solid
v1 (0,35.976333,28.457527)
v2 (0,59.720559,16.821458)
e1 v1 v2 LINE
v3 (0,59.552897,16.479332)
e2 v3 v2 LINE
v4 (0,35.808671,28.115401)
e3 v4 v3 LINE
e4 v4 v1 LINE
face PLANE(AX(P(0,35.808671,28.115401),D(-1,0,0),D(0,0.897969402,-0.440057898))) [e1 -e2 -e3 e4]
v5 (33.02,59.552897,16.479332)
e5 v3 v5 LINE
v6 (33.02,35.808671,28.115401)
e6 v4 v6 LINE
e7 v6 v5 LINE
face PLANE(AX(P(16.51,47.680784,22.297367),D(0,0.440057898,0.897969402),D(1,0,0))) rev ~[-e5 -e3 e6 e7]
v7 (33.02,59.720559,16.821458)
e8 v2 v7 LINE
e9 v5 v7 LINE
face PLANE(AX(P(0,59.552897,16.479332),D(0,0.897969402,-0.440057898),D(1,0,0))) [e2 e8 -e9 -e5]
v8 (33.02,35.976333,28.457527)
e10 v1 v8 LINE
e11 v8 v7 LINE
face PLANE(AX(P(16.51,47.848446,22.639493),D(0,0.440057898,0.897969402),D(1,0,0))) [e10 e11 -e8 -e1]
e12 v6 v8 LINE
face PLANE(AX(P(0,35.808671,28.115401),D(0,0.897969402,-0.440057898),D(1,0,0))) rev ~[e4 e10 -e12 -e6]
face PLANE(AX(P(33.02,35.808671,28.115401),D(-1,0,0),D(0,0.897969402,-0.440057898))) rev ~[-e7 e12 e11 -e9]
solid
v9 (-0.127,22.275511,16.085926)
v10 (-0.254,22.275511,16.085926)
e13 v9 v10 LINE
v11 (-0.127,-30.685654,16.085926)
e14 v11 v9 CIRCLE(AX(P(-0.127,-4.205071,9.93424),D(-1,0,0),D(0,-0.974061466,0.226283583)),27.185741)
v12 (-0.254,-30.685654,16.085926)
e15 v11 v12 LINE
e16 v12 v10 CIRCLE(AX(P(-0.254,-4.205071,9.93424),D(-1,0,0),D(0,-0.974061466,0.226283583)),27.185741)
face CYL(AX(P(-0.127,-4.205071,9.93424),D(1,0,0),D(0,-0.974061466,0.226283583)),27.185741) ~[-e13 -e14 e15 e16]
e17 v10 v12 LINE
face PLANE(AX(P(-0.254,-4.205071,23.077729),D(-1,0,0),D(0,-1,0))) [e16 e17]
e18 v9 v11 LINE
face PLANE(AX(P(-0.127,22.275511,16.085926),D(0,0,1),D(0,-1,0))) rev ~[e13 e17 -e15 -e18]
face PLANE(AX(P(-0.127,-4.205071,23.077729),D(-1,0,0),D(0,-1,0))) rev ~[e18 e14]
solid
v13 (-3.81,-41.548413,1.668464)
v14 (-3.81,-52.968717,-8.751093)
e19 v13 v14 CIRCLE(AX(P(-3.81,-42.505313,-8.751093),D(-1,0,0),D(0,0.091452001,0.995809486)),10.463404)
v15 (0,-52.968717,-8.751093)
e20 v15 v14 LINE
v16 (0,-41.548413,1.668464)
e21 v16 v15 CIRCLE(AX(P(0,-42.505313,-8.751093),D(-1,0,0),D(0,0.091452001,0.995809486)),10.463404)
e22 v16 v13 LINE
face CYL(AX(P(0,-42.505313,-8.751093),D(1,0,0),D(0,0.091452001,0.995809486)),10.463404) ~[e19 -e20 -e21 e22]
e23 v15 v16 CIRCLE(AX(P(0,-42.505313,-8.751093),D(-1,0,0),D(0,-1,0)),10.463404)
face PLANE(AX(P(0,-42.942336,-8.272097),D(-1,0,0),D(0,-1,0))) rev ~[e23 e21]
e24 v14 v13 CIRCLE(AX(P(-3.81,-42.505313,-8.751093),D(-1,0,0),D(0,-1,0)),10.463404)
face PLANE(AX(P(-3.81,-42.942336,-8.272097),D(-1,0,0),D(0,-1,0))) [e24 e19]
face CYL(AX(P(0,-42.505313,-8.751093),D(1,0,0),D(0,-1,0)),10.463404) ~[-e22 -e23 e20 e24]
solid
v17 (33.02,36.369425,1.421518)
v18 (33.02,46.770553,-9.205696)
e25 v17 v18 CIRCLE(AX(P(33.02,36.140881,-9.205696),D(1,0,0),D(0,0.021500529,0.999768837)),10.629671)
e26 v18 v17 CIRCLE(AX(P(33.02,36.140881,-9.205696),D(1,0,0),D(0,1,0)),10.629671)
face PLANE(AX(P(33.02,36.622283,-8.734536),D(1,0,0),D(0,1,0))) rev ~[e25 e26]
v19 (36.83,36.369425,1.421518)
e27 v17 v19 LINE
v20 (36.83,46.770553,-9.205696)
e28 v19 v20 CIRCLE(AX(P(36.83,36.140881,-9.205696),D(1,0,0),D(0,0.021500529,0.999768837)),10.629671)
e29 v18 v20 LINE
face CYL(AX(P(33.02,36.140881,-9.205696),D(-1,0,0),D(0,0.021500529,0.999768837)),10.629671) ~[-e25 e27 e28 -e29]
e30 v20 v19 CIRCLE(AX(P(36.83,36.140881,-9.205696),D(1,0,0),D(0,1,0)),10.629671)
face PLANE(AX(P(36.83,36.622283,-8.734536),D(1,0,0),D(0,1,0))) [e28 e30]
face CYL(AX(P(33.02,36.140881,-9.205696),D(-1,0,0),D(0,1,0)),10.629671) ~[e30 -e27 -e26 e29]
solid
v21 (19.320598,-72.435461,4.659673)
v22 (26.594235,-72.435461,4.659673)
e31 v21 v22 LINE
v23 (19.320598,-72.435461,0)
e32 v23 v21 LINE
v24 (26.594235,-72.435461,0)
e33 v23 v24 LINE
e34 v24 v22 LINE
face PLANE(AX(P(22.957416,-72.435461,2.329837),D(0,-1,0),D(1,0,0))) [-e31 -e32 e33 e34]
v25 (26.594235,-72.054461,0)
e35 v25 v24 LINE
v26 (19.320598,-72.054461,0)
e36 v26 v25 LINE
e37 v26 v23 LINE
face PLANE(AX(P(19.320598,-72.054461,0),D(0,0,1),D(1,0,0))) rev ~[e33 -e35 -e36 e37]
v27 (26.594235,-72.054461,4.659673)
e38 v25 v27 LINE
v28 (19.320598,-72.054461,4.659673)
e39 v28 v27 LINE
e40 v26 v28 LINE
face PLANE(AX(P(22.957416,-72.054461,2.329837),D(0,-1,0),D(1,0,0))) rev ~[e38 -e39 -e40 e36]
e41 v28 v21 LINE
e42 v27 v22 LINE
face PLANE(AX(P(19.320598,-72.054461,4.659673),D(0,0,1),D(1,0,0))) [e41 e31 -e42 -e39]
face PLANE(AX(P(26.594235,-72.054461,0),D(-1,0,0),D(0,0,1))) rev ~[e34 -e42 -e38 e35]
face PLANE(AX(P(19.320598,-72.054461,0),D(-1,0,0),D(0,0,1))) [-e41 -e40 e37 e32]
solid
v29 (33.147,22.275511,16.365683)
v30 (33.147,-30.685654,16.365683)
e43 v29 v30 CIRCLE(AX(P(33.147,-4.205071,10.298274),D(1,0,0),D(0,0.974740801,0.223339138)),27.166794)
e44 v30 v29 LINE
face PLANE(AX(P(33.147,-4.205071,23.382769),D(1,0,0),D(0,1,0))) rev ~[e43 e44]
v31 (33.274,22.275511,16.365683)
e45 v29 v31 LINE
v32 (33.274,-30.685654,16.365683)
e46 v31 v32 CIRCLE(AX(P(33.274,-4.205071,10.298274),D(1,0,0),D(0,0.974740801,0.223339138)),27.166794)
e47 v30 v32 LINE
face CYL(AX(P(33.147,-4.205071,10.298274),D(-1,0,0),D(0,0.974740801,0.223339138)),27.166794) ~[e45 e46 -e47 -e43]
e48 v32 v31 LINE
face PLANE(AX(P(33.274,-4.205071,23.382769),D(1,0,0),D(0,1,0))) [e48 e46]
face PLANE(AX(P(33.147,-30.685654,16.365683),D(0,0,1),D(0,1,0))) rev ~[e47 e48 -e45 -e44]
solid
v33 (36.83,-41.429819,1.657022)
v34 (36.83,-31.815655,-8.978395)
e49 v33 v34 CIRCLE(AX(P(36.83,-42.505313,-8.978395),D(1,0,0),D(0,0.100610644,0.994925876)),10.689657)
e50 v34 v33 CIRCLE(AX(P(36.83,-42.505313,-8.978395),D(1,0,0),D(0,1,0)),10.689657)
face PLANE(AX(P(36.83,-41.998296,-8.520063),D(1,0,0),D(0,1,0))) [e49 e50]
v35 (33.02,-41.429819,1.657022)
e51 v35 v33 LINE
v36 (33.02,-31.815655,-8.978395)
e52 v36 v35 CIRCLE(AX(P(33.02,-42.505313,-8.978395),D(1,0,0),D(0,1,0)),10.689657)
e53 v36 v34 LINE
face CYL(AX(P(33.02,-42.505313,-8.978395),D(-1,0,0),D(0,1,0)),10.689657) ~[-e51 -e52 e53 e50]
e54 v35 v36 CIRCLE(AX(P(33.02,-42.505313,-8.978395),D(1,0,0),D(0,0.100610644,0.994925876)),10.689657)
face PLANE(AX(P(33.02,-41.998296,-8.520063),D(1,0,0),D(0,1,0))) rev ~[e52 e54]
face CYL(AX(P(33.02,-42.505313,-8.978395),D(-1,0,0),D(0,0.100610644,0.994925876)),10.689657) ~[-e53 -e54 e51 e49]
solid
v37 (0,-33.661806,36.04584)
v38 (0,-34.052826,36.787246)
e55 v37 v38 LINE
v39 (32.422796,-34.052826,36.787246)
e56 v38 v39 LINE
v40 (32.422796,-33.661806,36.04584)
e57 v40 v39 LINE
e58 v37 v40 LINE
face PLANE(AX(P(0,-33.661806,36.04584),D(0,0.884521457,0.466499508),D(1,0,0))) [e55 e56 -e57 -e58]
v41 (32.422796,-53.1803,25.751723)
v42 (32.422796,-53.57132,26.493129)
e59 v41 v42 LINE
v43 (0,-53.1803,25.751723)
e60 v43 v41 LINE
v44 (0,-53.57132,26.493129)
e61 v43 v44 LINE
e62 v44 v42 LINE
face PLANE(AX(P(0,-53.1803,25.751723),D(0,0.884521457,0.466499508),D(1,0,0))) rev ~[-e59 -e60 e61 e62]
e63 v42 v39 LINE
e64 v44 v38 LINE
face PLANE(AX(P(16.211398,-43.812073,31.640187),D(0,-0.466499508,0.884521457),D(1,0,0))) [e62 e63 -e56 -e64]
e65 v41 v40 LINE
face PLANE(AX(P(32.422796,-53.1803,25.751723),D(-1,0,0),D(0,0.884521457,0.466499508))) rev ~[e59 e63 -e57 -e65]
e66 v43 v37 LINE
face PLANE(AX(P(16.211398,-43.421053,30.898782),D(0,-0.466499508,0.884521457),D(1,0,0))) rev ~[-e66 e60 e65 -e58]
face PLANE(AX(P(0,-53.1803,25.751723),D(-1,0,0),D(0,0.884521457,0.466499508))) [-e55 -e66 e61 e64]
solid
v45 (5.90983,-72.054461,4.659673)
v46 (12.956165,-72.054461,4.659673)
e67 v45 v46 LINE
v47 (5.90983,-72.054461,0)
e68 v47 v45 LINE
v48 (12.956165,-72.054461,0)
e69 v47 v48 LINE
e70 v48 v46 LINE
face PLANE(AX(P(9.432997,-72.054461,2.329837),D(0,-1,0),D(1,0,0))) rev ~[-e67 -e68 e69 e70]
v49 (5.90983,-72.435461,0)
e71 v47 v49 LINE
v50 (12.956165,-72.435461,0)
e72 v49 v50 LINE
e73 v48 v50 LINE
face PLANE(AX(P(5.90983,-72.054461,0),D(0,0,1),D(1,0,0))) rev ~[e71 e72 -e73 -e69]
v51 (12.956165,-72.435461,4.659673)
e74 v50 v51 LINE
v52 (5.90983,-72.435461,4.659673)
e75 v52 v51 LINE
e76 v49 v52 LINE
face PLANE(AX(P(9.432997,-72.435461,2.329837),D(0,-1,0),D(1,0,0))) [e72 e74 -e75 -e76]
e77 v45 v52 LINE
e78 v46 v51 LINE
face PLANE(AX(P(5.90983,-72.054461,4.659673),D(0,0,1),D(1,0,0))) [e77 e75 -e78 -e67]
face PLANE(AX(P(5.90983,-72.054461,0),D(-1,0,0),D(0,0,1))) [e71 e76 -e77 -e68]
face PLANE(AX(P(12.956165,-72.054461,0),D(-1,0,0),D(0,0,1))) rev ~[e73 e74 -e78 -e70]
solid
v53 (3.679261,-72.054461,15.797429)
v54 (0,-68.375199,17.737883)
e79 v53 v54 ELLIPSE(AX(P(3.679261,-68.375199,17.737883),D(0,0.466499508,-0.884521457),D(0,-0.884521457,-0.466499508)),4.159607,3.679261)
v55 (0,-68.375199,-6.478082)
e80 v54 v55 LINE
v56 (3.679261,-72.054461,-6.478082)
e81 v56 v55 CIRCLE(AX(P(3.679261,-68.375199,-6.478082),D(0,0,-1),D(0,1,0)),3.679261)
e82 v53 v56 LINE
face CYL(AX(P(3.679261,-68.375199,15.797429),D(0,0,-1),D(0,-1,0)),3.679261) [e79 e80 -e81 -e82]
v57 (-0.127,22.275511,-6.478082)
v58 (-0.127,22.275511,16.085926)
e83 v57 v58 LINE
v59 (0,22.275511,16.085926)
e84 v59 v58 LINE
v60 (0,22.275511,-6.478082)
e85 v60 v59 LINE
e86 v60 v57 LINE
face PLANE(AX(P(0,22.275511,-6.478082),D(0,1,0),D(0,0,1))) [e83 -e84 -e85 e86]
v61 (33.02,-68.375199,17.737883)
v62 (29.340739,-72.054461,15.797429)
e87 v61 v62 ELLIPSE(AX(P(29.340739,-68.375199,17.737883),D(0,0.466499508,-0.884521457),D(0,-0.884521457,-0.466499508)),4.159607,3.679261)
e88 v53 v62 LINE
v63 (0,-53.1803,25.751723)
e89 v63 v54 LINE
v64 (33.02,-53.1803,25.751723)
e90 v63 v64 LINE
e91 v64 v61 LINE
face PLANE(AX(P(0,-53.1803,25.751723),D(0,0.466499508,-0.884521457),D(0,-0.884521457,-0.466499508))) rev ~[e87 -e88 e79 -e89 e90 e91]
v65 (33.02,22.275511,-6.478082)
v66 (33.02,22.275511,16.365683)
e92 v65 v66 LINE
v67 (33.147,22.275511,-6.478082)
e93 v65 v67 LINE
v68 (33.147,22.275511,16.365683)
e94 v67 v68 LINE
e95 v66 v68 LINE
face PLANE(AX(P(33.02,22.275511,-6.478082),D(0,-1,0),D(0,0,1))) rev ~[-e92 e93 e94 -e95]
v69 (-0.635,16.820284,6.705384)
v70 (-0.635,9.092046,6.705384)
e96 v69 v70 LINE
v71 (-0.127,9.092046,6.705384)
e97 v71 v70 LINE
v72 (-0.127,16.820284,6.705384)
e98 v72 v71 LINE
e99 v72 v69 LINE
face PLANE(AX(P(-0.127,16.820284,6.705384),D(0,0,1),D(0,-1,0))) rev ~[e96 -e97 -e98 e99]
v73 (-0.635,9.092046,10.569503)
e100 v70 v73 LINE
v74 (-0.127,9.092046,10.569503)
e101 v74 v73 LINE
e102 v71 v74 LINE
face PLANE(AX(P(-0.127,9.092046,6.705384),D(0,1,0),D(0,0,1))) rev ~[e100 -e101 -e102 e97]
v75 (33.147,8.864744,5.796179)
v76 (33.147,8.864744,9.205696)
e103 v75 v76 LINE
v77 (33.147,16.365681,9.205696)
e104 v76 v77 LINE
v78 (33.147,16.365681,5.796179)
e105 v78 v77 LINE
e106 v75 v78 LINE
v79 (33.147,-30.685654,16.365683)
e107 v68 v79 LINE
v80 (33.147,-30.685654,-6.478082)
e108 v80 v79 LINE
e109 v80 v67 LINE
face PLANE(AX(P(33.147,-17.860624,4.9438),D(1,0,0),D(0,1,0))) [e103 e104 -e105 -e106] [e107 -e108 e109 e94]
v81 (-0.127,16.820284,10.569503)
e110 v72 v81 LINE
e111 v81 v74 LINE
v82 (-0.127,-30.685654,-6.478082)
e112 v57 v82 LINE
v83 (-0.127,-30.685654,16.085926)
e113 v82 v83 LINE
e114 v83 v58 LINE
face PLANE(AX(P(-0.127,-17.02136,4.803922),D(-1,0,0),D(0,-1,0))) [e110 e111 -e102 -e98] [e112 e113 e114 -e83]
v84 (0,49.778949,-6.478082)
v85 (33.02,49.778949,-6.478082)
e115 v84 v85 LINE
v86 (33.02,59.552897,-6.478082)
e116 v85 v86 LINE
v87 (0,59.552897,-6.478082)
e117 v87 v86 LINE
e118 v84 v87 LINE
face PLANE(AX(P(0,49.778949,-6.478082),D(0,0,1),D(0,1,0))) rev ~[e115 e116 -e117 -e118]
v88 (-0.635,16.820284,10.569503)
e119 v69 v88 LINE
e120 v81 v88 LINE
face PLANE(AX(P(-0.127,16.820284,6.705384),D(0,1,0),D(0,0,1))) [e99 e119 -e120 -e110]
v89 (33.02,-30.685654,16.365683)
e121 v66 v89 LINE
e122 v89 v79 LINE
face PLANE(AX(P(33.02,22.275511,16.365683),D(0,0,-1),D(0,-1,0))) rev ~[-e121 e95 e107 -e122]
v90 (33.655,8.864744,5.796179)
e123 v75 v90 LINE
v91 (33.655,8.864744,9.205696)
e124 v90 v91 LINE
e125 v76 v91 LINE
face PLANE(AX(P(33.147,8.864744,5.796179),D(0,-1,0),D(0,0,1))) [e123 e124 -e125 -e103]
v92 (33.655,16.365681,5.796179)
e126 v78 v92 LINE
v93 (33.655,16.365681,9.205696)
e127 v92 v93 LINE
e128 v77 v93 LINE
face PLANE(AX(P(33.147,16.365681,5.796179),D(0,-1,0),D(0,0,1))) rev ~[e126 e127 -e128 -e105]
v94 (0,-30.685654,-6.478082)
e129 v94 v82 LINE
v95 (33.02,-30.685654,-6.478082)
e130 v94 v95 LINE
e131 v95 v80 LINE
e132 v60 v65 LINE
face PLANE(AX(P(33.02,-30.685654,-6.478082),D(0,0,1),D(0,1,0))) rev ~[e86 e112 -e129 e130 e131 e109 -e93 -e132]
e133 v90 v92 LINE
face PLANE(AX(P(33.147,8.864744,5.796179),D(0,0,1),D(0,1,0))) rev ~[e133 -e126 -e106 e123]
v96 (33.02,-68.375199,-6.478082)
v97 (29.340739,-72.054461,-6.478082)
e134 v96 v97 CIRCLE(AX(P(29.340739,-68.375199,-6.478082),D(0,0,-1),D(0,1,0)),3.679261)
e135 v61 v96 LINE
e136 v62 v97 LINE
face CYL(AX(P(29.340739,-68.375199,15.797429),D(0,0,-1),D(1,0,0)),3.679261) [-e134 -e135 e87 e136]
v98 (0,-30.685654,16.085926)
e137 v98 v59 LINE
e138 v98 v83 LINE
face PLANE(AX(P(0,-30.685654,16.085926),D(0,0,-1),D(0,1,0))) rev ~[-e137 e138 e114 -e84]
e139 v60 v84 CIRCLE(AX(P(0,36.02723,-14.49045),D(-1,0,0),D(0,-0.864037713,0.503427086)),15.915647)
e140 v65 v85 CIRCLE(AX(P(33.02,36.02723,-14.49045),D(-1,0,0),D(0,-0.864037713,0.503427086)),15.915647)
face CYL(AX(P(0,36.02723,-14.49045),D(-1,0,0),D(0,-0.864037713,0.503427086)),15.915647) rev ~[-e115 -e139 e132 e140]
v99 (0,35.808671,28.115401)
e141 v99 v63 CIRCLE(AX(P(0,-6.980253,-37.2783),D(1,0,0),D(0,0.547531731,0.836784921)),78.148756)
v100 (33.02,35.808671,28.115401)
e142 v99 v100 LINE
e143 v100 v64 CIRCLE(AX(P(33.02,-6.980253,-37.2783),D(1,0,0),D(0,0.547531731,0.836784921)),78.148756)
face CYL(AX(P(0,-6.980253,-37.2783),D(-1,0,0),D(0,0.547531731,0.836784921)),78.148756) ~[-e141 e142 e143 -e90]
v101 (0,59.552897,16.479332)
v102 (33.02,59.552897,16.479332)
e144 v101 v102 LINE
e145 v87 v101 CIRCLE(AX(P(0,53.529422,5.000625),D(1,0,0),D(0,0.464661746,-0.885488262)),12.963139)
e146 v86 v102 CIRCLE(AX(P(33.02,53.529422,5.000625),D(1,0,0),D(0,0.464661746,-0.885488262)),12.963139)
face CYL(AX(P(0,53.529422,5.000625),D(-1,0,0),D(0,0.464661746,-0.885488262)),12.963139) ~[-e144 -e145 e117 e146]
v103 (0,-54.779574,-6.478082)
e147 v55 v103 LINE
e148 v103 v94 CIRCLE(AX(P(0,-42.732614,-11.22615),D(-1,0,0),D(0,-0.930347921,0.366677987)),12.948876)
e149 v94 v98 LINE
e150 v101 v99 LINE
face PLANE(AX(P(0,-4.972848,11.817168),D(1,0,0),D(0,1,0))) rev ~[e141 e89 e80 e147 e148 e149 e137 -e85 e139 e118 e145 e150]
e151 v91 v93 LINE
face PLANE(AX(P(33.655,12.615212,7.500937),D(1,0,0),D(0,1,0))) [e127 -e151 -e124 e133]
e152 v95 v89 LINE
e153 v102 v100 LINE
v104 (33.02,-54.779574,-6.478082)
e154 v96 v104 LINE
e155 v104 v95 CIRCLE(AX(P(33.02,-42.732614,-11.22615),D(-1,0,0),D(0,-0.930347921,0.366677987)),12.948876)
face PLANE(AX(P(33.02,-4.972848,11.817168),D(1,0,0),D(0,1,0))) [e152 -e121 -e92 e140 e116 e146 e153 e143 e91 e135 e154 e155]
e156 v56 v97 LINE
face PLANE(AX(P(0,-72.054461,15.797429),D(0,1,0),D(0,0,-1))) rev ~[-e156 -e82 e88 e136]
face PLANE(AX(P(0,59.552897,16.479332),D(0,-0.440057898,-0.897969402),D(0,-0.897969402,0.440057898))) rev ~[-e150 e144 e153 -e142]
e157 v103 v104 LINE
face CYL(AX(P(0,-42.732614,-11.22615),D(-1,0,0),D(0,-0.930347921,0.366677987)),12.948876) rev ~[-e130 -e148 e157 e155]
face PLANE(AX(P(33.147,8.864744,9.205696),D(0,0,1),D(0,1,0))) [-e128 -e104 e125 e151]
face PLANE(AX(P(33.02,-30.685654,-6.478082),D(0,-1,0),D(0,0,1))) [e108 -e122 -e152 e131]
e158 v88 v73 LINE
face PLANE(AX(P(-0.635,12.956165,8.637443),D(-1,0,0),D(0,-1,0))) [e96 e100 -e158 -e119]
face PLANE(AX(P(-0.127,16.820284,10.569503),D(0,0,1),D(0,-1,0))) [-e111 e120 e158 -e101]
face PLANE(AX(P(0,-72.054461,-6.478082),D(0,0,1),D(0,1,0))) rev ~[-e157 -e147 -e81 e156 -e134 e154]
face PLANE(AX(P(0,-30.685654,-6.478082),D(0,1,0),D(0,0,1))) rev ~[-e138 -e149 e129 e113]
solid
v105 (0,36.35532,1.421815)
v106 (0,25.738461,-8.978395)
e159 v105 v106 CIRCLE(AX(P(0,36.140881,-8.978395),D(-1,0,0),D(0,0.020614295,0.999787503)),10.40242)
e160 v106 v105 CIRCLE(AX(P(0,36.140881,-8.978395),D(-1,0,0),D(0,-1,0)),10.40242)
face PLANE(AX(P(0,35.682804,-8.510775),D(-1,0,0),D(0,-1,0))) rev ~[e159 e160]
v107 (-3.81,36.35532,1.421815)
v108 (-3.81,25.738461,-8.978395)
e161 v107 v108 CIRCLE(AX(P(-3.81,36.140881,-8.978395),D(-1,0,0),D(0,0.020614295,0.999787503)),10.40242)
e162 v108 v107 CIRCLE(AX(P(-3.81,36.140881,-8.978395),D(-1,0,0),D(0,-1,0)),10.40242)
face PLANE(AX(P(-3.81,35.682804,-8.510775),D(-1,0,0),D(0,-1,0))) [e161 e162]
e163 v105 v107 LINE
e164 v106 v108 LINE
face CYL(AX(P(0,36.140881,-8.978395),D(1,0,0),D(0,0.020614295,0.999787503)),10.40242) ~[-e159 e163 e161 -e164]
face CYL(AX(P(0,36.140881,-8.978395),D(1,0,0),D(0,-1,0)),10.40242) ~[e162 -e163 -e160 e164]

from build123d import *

# Parameters (mm, degrees)
F1_DEPTH  = 33.02
F4_DEPTH  = 3.81
F6_DEPTH  = 3.81
F7_DEPTH  = 3.81
F8_DEPTH  = 3.81
F9_W      = 27.328588767
F9_H      = 22.564008832
F9_W_2    = 25.6325763185
F10_DEPTH = 0.127
F12_DEPTH = 0.127
F13_W     = 25.650058873
F13_H     = 22.8437650949
F13_W_2   = 27.3111062124
F14_DEPTH = 0.127
F16_DEPTH = 0.127
F17_R     = 3.6792614691
F18_W     = 7.7282376587
F18_H     = 3.8641188294
F19_DEPTH = 0.508
F20_W     = 7.5009372085
F20_H     = 3.4095174633
F21_DEPTH = 0.508
F22_W     = 33.02
F22_H     = 26.4421320528
F23_DEPTH = 0.381
F24_W     = 7.0463349111
F24_H     = 4.6596731991
F25_DEPTH = 0.381
F24_W_2   = 7.2736367583
F26_W     = 32.4227958918
F26_H     = 22.0667268427
F27_DEPTH = 0.8382


with BuildPart() as f1:
    # F0 (on Right) → F1 (new body)
    with BuildSketch(Plane.YZ):
        with BuildLine():
            Line((-72.0544606447, 15.7974287868), (-72.0544606447, -6.4780823886))
            Line((-72.0544606447, -6.4780823886), (-54.779574275, -6.4780823886))
            ThreePointArc((-54.779574275, -6.4780823886), (-42.7326140925, 1.7227260465), (-30.68565391, -6.4780823886))
            Line((-30.68565391, -6.4780823886), (22.2755111754, -6.4780823886))
            ThreePointArc((22.2755111754, -6.4780823886), (36.0272303224, 1.4251967706), (49.7789494693, -6.4780823886))
            Line((49.7789494693, -6.4780823886), (59.5528967679, -6.4780823886))
            ThreePointArc((59.5528967679, -6.4780823886), (66.4925608321, 5.0006248057), (59.5528967679, 16.479332))
            Line((59.5528967679, 16.479332), (35.8086712658, 28.1154010445))
            ThreePointArc((35.8086712658, 28.1154010445), (-9.055266807, 40.8429036735), (-53.1802996993, 25.7517229766))
            Line((-53.1802996993, 25.7517229766), (-72.0544606447, 15.7974287868))
        make_face()
    extrude(amount=F1_DEPTH)

    # F9 (on face) → F10 (join)
    with BuildSketch(Plane(origin=(0, 0, 0), x_dir=(0, -1, 0), z_dir=(-1, 0, 0))):
        with Locations((17.0213595266, 4.8039220273)):
            Rectangle(F9_W, F9_H)
        with Locations((-9.4592230162, 4.8039220273)):
            Rectangle(F9_W_2, F9_H)
    extrude(amount=F10_DEPTH)

    # F13 (on face) → F14 (join)
    with BuildSketch(Plane.YZ.offset(33.02)):
        with Locations((-17.8606244735, 4.9438001588)):
            Rectangle(F13_W, F13_H)
        with Locations((8.6199580692, 4.9438001588)):
            Rectangle(F13_W_2, F13_H)
    extrude(amount=F14_DEPTH)

    # F17
    f17_edges = [f1.edges().sort_by_distance(p)[0] for p in [
        (33.02, -72.054461, 4.659673),
        (0, -72.054461, 4.659673),
    ]]
    fillet(f17_edges, radius=F17_R)

    # F18 (on face) → F19 (join)
    with BuildSketch(Plane(origin=(-0.127, 0, 0), x_dir=(0, -1, 0), z_dir=(-1, 0, 0))):
        with Locations((-12.9561647773, 8.6374431849)):
            Rectangle(F18_W, F18_H)
    extrude(amount=F19_DEPTH)

    # F20 (on face) → F21 (join)
    with BuildSketch(Plane.YZ.offset(33.147)):
        with Locations((12.6152122393, 7.5009374414)):
            Rectangle(F20_W, F20_H)
    extrude(amount=F21_DEPTH)


with BuildPart() as f4:
    # F3 (on face) → F4 (new body)
    with BuildSketch(Plane(origin=(0, 0, 0), x_dir=(0, -1, 0), z_dir=(-1, 0, 0))):
        with BuildLine():
            ThreePointArc((52.9687167629, -8.75109341), (49.5576315125, -1.0214346933), (41.5484134697, 1.6684635958))
            ThreePointArc((41.5484134697, 1.6684635958), (35.4529939095, -16.4807521266), (52.9687167629, -8.75109341))
        make_face()
    extrude(amount=F4_DEPTH)


with BuildPart() as f6:
    # F5 (on face) → F6 (new body)
    with BuildSketch(Plane(origin=(0, 0, 0), x_dir=(0, -1, 0), z_dir=(-1, 0, 0))):
        with BuildLine():
            ThreePointArc((-36.355320034, 1.4218147435), (-43.4202929367, -16.4094452618), (-25.7384614591, -8.9783947915))
            ThreePointArc((-25.7384614591, -8.9783947915), (-28.8614700209, -1.5473443211), (-36.355320034, 1.4218147435))
        make_face()
    extrude(amount=F6_DEPTH)


with BuildPart() as f7:
    # F2 (on face) → F7 (new body)
    with BuildSketch(Plane.YZ.offset(33.02)):
        with BuildLine():
            ThreePointArc((46.7705525025, -9.205696173), (43.7375665733, -1.7706251144), (36.3694250314, 1.421517663))
            ThreePointArc((36.3694250314, 1.421517663), (28.5441963843, -16.6407672316), (46.7705525025, -9.205696173))
        make_face()
    extrude(amount=F7_DEPTH)


with BuildPart() as f8:
    # F2 (on face) → F8 (new body)
    with BuildSketch(Plane.YZ.offset(33.02)):
        with BuildLine():
            ThreePointArc((-41.4298194057, 1.6570218497), (-50.4351748735, -16.1468018018), (-31.8156554208, -8.9783947915))
            ThreePointArc((-31.8156554208, -8.9783947915), (-34.5754505485, -1.8099877812), (-41.4298194057, 1.6570218497))
        make_face()
    extrude(amount=F8_DEPTH)


with BuildPart() as f12:
    # F11 (on face) → F12 (new body)
    with BuildSketch(Plane(origin=(-0.127, 0, 0), x_dir=(0, -1, 0), z_dir=(-1, 0, 0))):
        with BuildLine():
            Line((-22.2755111754, 16.0859264433), (30.68565391, 16.0859264433))
            ThreePointArc((30.68565391, 16.0859264433), (4.2050713673, 37.1199804122), (-22.2755111754, 16.0859264433))
        make_face()
    extrude(amount=F12_DEPTH)


with BuildPart() as f16:
    # F15 (on face) → F16 (new body)
    with BuildSketch(Plane.YZ.offset(33.147)):
        with BuildLine():
            Line((-30.68565391, 16.3656827062), (22.2755111754, 16.3656827062))
            ThreePointArc((22.2755111754, 16.3656827062), (-4.2050713673, 37.4650683461), (-30.68565391, 16.3656827062))
        make_face()
    extrude(amount=F16_DEPTH)


with BuildPart() as f23:
    # F22 (on face) → F23 (new body)
    with BuildSketch(Plane(origin=(0, 18.0444238009, 36.8209286267), x_dir=(1, 0, 0), z_dir=(0, 0.4400578978, 0.8979694018))):
        with Locations((16.51, 33.0037528632)):
            Rectangle(F22_W, F22_H)
    extrude(amount=F23_DEPTH)


with BuildPart() as f25:
    # F24 (on face) → F25 (new body)
    with BuildSketch(Plane.XZ.offset(72.0544606447)):
        with Locations((9.4329973217, 2.3298365995)):
            Rectangle(F24_W, F24_H)
    extrude(amount=F25_DEPTH)


with BuildPart() as f25b:
    # F24 (on face) → F25, piece 2 (new body)
    with BuildSketch(Plane.XZ.offset(72.0544606447)):
        with Locations((22.9574162513, 2.3298365995)):
            Rectangle(F24_W_2, F24_H)
    extrude(amount=F25_DEPTH)


with BuildPart() as f27:
    # F26 (on face) → F27 (new body)
    with BuildSketch(Plane(origin=(0, -22.1990952851, 42.0913114746), x_dir=(1, 0, 0), z_dir=(0, -0.4664995085, 0.8845214574))):
        with Locations((16.2113979459, -23.992586662)):
            Rectangle(F26_W, F26_H)
    extrude(amount=F27_DEPTH)


solid = Compound([f1.part, f4.part, f6.part, f7.part, f8.part, f12.part, f16.part, f23.part, f25.part, f25b.part, f27.part])
